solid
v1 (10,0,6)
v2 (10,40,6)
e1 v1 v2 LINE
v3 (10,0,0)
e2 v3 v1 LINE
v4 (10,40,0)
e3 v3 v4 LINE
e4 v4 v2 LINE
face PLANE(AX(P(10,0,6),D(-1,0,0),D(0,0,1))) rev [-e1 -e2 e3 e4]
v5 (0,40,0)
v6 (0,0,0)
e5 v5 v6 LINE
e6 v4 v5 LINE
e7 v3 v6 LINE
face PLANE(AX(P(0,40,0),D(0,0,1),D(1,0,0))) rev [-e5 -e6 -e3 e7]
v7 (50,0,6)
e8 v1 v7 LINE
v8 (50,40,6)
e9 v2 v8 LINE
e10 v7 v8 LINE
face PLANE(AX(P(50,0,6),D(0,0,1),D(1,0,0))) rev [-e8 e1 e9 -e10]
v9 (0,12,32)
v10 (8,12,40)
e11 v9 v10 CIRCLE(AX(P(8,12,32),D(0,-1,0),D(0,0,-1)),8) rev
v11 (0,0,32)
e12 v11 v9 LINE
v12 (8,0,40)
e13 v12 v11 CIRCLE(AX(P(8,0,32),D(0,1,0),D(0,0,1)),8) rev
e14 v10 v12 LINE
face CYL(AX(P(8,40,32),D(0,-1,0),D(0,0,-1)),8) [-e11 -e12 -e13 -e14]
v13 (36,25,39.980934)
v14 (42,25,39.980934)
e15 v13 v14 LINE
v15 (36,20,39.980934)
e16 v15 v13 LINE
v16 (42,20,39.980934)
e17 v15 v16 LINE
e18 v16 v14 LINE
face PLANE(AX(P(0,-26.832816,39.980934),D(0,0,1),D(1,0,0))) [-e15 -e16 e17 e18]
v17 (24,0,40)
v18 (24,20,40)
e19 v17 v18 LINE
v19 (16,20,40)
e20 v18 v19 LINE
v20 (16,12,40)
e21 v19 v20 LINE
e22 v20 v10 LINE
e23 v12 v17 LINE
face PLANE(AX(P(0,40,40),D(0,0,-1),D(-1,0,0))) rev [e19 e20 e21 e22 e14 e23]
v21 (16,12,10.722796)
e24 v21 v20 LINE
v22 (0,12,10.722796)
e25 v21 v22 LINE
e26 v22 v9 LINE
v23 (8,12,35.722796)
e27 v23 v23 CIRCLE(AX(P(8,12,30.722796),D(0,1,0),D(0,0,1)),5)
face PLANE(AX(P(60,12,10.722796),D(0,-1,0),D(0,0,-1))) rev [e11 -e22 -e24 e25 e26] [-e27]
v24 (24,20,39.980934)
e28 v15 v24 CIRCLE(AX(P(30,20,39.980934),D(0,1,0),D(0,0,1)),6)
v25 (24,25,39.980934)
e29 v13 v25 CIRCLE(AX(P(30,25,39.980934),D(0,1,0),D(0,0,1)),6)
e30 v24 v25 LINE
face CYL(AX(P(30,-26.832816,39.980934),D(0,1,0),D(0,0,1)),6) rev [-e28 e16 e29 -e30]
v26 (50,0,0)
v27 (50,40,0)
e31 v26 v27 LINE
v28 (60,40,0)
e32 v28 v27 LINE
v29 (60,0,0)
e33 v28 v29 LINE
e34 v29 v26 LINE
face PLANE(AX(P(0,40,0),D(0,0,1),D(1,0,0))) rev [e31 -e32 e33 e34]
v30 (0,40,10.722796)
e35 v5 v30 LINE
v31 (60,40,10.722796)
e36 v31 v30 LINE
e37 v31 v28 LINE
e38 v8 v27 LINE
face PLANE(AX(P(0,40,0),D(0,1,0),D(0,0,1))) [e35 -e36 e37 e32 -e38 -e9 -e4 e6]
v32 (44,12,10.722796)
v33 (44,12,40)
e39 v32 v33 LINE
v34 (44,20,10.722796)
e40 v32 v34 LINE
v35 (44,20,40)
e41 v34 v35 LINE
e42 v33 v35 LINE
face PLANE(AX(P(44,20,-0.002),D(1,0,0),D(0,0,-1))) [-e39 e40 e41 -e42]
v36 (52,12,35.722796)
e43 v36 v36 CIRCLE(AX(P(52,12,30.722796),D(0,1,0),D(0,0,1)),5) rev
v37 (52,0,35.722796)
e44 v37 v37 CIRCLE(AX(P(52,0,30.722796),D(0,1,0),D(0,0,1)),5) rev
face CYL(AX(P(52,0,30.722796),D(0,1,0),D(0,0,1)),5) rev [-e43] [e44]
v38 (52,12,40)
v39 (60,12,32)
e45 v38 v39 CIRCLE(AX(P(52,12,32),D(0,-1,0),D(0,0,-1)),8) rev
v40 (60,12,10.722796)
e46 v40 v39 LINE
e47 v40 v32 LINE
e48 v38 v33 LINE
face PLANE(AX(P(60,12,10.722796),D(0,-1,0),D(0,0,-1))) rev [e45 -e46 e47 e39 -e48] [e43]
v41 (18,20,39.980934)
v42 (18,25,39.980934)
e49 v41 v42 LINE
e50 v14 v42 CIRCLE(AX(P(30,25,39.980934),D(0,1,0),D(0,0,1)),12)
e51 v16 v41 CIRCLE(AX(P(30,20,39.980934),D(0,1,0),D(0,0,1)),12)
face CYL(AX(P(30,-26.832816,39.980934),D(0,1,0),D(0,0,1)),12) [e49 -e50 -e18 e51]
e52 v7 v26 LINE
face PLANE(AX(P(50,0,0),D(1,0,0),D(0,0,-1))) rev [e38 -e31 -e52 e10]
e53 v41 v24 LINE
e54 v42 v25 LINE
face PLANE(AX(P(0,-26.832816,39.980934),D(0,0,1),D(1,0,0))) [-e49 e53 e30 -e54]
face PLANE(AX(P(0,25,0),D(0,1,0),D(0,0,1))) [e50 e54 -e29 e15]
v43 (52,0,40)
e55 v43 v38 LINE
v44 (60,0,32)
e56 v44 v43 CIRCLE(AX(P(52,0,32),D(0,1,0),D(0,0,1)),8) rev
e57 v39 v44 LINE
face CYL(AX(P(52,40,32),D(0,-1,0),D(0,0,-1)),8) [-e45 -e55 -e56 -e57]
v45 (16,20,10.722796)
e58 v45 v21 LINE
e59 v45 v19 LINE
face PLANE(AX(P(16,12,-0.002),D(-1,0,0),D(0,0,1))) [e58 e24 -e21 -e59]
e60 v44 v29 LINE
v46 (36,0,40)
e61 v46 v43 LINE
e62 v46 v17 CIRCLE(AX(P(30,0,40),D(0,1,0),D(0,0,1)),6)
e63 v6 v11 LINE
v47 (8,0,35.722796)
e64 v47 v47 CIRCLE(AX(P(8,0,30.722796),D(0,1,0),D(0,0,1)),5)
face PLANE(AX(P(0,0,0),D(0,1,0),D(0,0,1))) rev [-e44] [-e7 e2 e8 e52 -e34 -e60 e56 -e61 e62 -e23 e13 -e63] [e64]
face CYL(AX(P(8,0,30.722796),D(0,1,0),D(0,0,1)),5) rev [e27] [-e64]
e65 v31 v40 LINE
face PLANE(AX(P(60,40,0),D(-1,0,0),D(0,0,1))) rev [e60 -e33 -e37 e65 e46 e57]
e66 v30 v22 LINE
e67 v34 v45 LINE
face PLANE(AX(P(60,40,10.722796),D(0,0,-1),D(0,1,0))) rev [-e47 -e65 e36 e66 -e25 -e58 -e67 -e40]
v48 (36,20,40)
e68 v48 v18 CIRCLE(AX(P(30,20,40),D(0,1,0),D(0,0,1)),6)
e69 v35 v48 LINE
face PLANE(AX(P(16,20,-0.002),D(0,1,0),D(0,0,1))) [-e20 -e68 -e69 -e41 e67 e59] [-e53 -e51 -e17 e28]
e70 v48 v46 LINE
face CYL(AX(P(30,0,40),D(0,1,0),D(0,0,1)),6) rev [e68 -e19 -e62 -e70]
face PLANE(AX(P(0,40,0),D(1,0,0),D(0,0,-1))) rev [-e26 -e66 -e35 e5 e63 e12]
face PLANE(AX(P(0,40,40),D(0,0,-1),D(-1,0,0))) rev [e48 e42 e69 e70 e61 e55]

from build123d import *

# Parameters (mm, degrees)
SKETCH_1_W               = 60
SKETCH_1_H               = 40
EXTRUDE_1_DEPTH          = 40
SKETCH_2_W               = 40
SKETCH_2_H               = 6
CUT_EXTRUDE_1_DEPTH      = 83.462112512
CUT_EXTRUDE_2_DEPTH      = 76.498344353
CUT_EXTRUDE_2_DEPTH_BACK = 76.498344353
SKETCH_6_W               = 29.277204284
SKETCH_6_H               = 28
EXTRUDE_2_REACH          = 84.462
SKETCH_7_W               = 28
SKETCH_7_H               = 8
EXTRUDE_4_DEPTH          = 5
SKETCH_12_R              = 5
CUT_EXTRUDE_4_DEPTH      = 78.356318423
FILLET_1_R               = 8
SKETCH_14_R              = 6
CUT_EXTRUDE_5_DEPTH      = 75.833147735


with BuildPart() as part:
    # 草图1 → 凸台-拉伸1 (new body)
    with BuildSketch(Plane(origin=(0, 0, 0), x_dir=(1, 0, 0), z_dir=(0, 1, 0))):
        with Locations((30, -20)):
            Rectangle(SKETCH_1_W, SKETCH_1_H)
    extrude(amount=EXTRUDE_1_DEPTH)

    # 草图2 → 切除-拉伸1 (cut, through all)
    with BuildSketch(Plane(origin=(0, 40, 0), x_dir=(1, 0, 0), z_dir=(0, 1, 0))):
        with Locations((30, -3)):
            Rectangle(SKETCH_2_W, SKETCH_2_H)
    extrude(amount=-CUT_EXTRUDE_1_DEPTH, mode=Mode.SUBTRACT)

    # 草图6 → 切除-拉伸2 (cut, two sides: drawn at the far end of the back side and taken through both)
    with BuildSketch(Plane.ZY.offset(-50).offset(-CUT_EXTRUDE_2_DEPTH_BACK)):
        with Locations((25.361397858, 26)):
            Rectangle(SKETCH_6_W, SKETCH_6_H)
    extrude(amount=CUT_EXTRUDE_2_DEPTH + CUT_EXTRUDE_2_DEPTH_BACK, mode=Mode.SUBTRACT)

    # 草图7 → 凸台-拉伸2 (add, up to next)
    with BuildSketch(Plane.XY.offset(40), mode=Mode.PRIVATE) as extrude_2_sk1:
        with Locations((30, 16)):
            Rectangle(SKETCH_7_W, SKETCH_7_H)
    extrude_2_tool1 = extrude(extrude_2_sk1.sketch, amount=-EXTRUDE_2_REACH, mode=Mode.PRIVATE) - part.part
    add(extrude_2_tool1.solids().sort_by_distance((30, 16, 40))[0])

    # 草图8 → 凸台-拉伸4 (add)
    with BuildSketch(Plane(origin=(0, 20, 0), x_dir=(1, 0, 0), z_dir=(0, 1, 0))):
        with BuildLine():
            ThreePointArc((24, -39.980933727), (30, -33.980933727), (36, -39.980933727))
            Line((36, -39.980933727), (42, -39.980933727))
            ThreePointArc((42, -39.980933727), (30, -27.980933727), (18, -39.980933727))
            Line((18, -39.980933727), (24, -39.980933727))
        make_face()
    extrude(amount=EXTRUDE_4_DEPTH)

    # 草图12 → 切除-拉伸4 (cut, through all)
    with BuildSketch(Plane(origin=(0, 12, 0), x_dir=(1, 0, 0), z_dir=(0, 1, 0))):
        with Locations(Location((8, -30.722795716, 0), (0, 0, 270))):
            Circle(SKETCH_12_R)
        with Locations(Location((52, -30.722795716, 0), (0, 0, 270))):
            Circle(SKETCH_12_R)
    extrude(amount=-CUT_EXTRUDE_4_DEPTH, mode=Mode.SUBTRACT)

    # 圆角1
    fillet_1_edges = [part.edges().sort_by_distance(p)[0] for p in [
        (60, 6, 40),
        (0, 6, 40),
    ]]
    fillet(fillet_1_edges, radius=FILLET_1_R)

    # 草图14 → 切除-拉伸5 (cut, through all)
    with BuildSketch(Plane(origin=(0, 20, 0), x_dir=(1, 0, 0), z_dir=(0, 1, 0))):
        with Locations((30, -40)):
            Circle(SKETCH_14_R)
    extrude(amount=-CUT_EXTRUDE_5_DEPTH, mode=Mode.SUBTRACT)


solid = part.part
